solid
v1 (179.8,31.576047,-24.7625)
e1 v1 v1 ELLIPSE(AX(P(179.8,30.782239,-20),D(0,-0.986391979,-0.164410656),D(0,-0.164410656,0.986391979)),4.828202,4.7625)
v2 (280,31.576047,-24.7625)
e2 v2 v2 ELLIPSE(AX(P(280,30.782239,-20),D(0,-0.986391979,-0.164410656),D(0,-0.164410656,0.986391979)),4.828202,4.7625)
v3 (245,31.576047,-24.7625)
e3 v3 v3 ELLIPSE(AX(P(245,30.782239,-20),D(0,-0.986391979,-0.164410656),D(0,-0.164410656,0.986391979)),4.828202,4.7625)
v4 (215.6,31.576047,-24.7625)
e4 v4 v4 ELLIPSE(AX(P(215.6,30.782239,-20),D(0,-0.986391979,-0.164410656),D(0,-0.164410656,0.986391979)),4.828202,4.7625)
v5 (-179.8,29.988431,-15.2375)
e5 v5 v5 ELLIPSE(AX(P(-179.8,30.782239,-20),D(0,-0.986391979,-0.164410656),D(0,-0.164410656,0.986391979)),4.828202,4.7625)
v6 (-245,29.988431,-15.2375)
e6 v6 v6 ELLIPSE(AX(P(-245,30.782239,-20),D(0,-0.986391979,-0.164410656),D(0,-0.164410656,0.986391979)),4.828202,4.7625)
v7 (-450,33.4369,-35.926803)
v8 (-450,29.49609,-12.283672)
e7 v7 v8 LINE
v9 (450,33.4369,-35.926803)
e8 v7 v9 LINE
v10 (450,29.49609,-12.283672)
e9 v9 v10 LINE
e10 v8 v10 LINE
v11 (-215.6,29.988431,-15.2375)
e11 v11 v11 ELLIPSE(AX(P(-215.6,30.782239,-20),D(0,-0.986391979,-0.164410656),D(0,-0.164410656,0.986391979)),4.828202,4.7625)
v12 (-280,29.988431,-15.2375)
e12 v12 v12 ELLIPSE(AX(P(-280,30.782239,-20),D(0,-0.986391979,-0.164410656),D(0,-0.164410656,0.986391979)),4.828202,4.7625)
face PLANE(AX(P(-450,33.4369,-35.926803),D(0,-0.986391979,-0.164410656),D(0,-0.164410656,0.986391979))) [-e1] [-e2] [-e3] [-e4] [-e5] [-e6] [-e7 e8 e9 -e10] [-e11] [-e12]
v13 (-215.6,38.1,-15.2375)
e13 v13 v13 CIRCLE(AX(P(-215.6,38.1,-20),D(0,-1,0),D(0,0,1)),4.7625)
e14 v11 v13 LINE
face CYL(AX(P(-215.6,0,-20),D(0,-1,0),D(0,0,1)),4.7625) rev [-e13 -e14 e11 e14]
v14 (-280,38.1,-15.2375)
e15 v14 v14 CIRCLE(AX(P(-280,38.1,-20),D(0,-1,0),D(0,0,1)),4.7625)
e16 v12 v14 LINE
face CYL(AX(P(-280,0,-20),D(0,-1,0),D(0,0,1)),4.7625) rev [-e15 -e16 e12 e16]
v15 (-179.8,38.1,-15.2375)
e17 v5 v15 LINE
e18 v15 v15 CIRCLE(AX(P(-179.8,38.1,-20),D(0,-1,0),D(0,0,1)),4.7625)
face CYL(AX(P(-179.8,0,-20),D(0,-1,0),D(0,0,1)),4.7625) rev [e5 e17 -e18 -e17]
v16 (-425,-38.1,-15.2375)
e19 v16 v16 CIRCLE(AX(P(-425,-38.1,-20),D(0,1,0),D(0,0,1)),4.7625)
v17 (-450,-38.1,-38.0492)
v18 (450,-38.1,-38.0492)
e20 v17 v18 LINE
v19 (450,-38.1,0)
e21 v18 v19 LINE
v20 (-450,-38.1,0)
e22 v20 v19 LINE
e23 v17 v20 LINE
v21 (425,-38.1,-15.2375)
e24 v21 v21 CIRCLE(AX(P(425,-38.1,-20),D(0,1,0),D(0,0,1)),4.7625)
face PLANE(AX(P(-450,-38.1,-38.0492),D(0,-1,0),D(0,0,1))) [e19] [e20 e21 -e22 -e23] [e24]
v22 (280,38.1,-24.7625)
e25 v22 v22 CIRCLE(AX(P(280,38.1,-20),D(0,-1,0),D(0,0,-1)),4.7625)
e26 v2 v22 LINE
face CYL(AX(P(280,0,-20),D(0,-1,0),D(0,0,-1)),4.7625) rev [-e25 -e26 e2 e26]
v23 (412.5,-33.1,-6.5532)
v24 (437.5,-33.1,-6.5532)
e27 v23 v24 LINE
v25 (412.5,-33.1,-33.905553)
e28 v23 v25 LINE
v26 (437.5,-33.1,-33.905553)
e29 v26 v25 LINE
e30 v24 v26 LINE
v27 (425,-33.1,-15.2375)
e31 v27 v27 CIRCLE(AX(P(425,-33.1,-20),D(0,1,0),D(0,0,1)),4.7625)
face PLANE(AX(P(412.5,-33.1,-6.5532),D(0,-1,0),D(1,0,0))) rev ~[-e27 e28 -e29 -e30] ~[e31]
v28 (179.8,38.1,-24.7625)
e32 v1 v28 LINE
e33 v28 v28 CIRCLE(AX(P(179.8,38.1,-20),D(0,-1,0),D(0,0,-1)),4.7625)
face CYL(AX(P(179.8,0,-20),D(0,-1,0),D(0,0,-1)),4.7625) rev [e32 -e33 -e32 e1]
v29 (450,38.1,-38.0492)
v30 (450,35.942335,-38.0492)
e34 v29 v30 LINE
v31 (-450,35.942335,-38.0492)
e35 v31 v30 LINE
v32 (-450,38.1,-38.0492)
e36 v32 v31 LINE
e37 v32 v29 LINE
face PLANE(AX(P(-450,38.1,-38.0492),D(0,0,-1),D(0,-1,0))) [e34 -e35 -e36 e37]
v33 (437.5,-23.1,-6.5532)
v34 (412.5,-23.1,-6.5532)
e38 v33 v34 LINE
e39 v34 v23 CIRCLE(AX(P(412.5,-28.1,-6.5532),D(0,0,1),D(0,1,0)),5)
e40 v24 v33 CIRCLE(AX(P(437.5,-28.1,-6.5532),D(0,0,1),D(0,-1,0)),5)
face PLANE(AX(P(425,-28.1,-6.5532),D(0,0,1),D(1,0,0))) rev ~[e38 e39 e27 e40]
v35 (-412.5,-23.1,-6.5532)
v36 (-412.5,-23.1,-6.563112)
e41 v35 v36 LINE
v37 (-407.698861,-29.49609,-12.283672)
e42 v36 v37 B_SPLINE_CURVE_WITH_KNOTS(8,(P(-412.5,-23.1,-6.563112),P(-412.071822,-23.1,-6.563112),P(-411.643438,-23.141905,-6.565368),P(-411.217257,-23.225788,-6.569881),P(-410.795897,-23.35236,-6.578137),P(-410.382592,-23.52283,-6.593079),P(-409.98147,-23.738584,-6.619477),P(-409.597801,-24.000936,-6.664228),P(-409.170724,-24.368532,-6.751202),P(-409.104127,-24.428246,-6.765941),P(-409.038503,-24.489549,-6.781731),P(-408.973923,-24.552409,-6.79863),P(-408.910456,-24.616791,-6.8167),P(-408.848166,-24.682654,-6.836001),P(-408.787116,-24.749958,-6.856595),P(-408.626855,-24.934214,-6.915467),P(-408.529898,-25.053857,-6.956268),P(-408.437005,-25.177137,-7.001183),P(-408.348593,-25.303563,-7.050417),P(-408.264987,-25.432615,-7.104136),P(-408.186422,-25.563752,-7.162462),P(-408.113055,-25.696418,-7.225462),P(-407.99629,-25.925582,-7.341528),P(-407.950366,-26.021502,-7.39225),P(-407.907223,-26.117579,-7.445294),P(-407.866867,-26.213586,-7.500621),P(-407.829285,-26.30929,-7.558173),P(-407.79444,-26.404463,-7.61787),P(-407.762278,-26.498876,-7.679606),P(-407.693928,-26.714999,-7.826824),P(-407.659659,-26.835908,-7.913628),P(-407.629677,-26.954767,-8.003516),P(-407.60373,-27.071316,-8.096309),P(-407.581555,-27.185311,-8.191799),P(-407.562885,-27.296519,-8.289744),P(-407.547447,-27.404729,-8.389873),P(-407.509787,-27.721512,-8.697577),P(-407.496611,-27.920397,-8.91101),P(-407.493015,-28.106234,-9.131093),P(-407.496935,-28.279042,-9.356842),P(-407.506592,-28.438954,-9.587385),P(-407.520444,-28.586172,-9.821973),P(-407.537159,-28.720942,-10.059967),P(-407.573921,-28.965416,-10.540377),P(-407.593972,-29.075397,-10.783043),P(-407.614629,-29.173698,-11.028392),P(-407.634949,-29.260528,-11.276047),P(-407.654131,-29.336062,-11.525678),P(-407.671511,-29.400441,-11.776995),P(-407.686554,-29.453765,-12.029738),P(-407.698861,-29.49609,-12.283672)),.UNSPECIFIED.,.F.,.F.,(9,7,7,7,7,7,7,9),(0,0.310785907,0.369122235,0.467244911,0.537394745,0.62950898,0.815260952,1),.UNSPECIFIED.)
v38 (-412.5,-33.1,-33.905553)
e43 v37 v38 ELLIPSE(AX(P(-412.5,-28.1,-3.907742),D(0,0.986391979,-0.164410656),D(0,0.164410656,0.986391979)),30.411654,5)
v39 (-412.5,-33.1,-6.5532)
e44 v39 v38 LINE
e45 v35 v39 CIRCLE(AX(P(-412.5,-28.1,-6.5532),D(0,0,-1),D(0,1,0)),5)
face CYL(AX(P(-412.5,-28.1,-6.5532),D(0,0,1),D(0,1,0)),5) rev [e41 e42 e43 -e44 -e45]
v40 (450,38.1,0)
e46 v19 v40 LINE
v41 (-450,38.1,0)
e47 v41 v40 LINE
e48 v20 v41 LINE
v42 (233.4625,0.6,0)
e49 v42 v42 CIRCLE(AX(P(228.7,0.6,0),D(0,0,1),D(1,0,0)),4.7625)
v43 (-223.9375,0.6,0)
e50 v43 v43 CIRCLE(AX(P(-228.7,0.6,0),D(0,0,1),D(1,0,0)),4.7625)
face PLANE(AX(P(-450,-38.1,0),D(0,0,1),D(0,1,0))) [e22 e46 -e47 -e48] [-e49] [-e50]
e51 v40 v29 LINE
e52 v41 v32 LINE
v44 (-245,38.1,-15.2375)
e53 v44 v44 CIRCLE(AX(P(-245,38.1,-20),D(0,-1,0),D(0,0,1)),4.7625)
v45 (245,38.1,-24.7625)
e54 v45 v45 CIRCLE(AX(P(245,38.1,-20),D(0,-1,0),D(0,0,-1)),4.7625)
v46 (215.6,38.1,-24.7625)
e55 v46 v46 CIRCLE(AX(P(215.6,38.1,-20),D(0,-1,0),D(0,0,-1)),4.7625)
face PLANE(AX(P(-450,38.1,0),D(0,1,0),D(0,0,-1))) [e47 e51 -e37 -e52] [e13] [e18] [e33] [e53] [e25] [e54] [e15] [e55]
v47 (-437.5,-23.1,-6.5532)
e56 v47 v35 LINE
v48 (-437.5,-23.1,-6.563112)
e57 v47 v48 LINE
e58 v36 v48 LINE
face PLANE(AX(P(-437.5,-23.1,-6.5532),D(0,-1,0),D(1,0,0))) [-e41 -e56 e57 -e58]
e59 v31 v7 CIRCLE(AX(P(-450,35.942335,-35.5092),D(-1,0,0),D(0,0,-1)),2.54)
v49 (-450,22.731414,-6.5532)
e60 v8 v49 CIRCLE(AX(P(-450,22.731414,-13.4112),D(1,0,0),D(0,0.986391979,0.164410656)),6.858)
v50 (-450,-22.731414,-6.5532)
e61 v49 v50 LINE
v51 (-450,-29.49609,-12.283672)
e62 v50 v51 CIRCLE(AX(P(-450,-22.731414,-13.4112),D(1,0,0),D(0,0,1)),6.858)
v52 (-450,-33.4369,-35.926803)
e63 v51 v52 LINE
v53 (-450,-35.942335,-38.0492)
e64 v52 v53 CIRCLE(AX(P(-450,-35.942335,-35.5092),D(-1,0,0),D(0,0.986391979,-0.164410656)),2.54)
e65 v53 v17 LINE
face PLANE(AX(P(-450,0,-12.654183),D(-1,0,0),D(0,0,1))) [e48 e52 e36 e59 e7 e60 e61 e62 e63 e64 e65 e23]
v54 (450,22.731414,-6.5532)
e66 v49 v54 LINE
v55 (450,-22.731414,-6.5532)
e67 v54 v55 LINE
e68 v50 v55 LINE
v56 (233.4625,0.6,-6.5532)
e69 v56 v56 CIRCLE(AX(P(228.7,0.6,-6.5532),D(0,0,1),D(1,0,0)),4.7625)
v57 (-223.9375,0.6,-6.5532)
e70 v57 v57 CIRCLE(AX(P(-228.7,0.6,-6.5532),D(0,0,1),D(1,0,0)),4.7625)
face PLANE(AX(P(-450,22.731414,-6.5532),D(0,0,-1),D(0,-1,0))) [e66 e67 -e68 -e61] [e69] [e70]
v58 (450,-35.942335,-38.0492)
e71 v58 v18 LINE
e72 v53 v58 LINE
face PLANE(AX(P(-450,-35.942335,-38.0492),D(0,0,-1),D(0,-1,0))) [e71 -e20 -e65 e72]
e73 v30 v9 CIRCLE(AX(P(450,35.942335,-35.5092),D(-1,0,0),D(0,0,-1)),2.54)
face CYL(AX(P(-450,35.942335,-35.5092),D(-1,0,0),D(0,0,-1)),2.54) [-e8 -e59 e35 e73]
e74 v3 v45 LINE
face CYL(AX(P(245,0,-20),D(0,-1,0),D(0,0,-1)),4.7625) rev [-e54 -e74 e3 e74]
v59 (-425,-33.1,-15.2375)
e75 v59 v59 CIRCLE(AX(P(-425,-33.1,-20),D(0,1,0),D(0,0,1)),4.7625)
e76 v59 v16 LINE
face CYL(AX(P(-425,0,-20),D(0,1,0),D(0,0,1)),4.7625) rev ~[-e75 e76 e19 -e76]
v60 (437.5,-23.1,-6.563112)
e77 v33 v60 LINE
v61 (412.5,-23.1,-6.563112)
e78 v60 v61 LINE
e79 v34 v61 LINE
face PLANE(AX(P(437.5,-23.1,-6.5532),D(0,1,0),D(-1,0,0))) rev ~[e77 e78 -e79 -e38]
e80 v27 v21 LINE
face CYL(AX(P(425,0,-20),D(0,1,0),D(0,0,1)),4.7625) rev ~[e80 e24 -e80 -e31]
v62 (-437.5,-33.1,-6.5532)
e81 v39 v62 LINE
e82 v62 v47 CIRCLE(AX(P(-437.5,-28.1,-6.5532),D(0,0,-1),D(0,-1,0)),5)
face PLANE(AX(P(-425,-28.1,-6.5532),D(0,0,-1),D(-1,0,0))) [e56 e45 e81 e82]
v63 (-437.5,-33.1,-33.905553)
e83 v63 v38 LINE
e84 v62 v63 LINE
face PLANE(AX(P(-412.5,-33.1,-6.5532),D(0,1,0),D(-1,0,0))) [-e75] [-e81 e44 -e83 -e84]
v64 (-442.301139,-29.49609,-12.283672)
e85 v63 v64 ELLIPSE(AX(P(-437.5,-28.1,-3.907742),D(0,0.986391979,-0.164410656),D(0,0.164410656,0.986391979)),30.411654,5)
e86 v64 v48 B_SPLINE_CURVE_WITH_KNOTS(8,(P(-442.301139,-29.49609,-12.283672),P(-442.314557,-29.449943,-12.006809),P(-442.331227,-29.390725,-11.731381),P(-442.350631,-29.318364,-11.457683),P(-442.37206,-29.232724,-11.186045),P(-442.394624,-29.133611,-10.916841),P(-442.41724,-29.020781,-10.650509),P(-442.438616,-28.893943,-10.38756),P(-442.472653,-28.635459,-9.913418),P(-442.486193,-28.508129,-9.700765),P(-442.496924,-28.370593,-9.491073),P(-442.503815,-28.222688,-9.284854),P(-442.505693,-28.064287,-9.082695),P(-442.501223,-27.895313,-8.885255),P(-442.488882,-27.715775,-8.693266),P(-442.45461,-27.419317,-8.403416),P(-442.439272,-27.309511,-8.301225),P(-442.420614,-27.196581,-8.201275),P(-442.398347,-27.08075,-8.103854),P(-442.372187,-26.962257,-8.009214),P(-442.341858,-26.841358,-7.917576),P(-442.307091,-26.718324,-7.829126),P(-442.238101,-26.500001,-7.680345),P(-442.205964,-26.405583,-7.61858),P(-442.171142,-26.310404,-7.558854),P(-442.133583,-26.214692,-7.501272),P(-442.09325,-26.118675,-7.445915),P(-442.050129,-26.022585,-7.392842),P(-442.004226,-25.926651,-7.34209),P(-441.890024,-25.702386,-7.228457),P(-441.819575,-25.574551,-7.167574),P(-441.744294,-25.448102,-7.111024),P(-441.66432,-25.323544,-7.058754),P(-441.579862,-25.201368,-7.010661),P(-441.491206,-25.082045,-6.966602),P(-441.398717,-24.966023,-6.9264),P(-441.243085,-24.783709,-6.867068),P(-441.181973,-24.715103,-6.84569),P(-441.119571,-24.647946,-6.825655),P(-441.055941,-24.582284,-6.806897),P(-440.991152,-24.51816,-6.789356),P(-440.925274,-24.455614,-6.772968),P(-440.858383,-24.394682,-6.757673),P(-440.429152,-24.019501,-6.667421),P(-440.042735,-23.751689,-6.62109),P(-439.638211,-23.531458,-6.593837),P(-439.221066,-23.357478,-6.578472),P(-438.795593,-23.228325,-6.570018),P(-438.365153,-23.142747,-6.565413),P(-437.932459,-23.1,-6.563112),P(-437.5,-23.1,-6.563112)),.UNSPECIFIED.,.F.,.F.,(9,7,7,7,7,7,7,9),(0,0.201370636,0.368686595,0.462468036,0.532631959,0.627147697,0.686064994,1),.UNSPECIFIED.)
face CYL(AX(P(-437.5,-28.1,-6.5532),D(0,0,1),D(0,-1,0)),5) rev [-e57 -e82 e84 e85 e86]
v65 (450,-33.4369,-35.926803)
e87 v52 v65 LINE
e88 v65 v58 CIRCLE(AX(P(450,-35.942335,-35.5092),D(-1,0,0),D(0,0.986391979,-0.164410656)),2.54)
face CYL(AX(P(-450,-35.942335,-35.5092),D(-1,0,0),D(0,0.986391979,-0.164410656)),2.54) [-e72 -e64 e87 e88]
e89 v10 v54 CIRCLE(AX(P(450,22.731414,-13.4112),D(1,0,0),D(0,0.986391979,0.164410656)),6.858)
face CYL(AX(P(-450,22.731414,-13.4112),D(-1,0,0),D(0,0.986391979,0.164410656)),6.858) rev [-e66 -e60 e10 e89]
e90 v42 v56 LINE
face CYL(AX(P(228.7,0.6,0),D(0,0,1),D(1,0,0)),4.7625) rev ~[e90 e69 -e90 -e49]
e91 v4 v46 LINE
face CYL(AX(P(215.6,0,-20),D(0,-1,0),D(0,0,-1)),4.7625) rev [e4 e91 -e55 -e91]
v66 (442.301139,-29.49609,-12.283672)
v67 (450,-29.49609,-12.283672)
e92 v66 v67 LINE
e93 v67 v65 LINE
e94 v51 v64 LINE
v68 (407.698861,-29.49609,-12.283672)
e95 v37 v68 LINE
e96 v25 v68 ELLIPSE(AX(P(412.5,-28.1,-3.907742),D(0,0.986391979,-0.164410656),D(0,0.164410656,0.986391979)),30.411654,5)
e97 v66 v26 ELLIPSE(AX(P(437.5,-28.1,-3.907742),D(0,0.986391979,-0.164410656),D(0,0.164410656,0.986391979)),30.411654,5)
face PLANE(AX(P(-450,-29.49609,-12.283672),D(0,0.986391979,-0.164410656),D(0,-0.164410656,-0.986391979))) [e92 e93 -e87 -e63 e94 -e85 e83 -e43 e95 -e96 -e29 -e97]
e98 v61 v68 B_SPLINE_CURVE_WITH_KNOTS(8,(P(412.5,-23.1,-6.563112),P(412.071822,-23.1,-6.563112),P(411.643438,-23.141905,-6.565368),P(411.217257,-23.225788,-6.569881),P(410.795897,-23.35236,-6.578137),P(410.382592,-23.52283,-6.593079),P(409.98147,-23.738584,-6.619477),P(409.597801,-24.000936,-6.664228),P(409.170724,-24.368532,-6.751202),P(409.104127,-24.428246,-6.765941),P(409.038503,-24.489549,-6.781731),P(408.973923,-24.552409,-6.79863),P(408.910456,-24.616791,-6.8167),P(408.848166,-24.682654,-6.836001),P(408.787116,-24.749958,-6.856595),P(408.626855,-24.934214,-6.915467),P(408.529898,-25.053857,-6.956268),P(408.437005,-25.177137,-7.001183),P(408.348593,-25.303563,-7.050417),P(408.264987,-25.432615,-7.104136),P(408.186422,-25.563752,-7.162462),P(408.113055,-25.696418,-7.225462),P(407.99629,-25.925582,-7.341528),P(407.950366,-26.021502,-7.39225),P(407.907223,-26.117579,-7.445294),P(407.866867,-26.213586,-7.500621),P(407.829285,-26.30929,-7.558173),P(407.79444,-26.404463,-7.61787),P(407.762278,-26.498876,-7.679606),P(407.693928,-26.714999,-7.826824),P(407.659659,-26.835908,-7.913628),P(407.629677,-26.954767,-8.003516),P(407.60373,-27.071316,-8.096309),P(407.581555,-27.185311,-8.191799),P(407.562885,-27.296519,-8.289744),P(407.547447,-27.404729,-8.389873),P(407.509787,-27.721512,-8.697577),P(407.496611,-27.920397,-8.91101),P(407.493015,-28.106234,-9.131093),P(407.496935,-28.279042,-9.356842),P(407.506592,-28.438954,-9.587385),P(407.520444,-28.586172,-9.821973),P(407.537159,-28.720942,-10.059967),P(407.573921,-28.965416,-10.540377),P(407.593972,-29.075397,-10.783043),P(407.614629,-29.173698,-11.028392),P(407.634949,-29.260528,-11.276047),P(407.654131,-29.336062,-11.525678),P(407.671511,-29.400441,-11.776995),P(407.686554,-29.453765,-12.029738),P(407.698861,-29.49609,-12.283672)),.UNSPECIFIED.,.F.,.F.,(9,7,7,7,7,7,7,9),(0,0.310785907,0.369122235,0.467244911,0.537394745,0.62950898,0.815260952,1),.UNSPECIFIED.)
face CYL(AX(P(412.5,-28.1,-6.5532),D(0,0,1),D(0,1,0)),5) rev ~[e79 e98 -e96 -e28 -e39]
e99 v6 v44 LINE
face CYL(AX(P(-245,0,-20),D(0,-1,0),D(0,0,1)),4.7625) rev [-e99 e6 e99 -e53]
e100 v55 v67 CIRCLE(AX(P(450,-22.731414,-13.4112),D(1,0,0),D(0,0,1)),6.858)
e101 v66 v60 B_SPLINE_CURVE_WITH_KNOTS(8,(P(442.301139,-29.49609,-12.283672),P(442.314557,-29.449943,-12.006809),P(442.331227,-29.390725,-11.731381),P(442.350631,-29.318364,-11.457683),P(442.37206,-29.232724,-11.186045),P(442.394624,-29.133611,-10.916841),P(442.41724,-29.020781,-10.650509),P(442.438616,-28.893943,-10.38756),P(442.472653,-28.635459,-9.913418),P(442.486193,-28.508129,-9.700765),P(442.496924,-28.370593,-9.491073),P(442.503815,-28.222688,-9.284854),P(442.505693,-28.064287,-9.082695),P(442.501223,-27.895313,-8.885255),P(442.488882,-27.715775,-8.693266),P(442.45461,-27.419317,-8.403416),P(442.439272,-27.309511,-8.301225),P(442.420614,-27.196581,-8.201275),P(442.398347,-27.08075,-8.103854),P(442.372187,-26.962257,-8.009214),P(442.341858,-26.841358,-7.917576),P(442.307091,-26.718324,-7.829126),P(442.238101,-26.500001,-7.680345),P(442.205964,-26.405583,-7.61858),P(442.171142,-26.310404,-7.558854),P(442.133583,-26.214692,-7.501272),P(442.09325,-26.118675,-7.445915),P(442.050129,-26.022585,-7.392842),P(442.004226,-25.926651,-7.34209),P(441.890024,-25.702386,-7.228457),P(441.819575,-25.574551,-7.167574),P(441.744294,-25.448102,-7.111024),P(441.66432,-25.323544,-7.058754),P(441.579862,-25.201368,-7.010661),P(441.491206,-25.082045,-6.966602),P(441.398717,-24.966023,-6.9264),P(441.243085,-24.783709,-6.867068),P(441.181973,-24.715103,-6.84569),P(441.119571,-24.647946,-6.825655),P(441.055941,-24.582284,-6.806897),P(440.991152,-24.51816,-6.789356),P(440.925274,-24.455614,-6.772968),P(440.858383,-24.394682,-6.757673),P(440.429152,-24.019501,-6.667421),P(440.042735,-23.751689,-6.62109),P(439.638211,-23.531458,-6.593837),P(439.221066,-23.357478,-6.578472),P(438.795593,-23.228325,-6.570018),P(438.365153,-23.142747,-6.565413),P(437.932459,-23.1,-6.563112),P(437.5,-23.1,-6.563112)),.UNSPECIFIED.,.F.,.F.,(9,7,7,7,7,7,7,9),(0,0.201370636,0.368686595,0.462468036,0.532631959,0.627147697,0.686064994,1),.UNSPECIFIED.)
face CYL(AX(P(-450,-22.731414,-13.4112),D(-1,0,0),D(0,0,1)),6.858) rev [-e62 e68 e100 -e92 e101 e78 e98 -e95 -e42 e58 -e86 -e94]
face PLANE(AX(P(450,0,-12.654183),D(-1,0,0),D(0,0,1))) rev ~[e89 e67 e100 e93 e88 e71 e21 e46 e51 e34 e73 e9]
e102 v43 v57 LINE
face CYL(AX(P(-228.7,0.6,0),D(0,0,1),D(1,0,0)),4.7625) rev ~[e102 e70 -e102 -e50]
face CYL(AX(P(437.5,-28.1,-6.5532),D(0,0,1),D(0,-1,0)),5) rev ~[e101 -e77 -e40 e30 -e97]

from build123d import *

# Parameters (mm, degrees)
STRUCTURAL_MEMBER1_DEPTH = 900
SKETCH12_R               = 4.7625
CUT_EXTRUDE1_DEPTH       = 454.210052427
CUT_EXTRUDE2_DEPTH       = 40
SKETCH16_R               = 4.7625
CUT_EXTRUDE3_DEPTH       = 454.210052526
SKETCH17_R               = 4.7625
CUT_EXTRUDE4_DEPTH       = 454.210052526


with BuildPart() as part:
    # Sketch11 → Structural Member1 (new body)
    with BuildSketch(Plane(origin=(-450, 0, 0), x_dir=(0, 0, -1), z_dir=(1, 0, 0))):
        with BuildLine():
            Line((0, -38.1), (0, 38.1))
            Line((0, 38.1), (38.0492, 38.1))
            Line((38.0492, 38.1), (38.0492, 35.942335136))
            ThreePointArc((38.0492, 35.942335136), (37.447280466, 34.300554363), (35.926803066, 33.436899509))
            Line((35.926803066, 33.436899509), (12.283671721, 29.496090157))
            ThreePointArc((12.283671721, 29.496090157), (8.178382741, 27.164222052), (6.5532, 22.731413966))
            Line((6.5532, 22.731413966), (6.5532, -22.731413966))
            ThreePointArc((6.5532, -22.731413966), (8.178382741, -27.164222052), (12.283671721, -29.496090157))
            Line((12.283671721, -29.496090157), (35.926803066, -33.436899509))
            ThreePointArc((35.926803066, -33.436899509), (37.447280466, -34.300554363), (38.0492, -35.942335136))
            Line((38.0492, -35.942335136), (38.0492, -38.1))
            Line((38.0492, -38.1), (0, -38.1))
        make_face()
    extrude(amount=STRUCTURAL_MEMBER1_DEPTH)

    # Sketch12 → Cut-Extrude1 (cut, through all)
    with BuildSketch(Plane(origin=(0, 0, 0), x_dir=(1, 0, 0), z_dir=(0, 1, 0))):
        with Locations(Location((-425, 20, 0), (0, 0, 270))):
            Circle(SKETCH12_R)
        with Locations(Location((425, 20, 0), (0, 0, 270))):
            Circle(SKETCH12_R)
    extrude(amount=-CUT_EXTRUDE1_DEPTH, mode=Mode.SUBTRACT)

    # Sketch15 → Cut-Extrude2 (cut)
    with BuildSketch(Plane(origin=(0, 0, -6.5532), x_dir=(-1, 0, 0), z_dir=(0, 0, -1))):
        with BuildLine():
            Line((-412.5, -33.1), (-437.5, -33.1))
            ThreePointArc((-437.5, -33.1), (-442.5, -28.1), (-437.5, -23.1))
            Line((-437.5, -23.1), (-412.5, -23.1))
            ThreePointArc((-412.5, -23.1), (-407.5, -28.1), (-412.5, -33.1))
        make_face()
        with BuildLine():
            Line((412.5, -33.1), (437.5, -33.1))
            ThreePointArc((437.5, -33.1), (442.5, -28.1), (437.5, -23.1))
            Line((437.5, -23.1), (412.5, -23.1))
            ThreePointArc((412.5, -23.1), (407.5, -28.1), (412.5, -33.1))
        make_face()
    extrude(amount=CUT_EXTRUDE2_DEPTH, mode=Mode.SUBTRACT)

    # Sketch16 → Cut-Extrude3 (cut, through all)
    with BuildSketch(Plane(origin=(0, 0, 0), x_dir=(1, 0, 0), z_dir=(0, 1, 0))):
        with Locations(Location((-215.6, 20, 0), (0, 0, 270))):
            Circle(SKETCH16_R)
        with Locations(Location((-179.8, 20, 0), (0, 0, 270))):
            Circle(SKETCH16_R)
        with Locations(Location((179.8, 20, 0), (0, 0, 90))):
            Circle(SKETCH16_R)
        with Locations(Location((215.6, 20, 0), (0, 0, 90))):
            Circle(SKETCH16_R)
        with Locations(Location((-245, 20, 0), (0, 0, 270))):
            Circle(SKETCH16_R)
        with Locations(Location((-280, 20, 0), (0, 0, 270))):
            Circle(SKETCH16_R)
        with Locations(Location((245, 20, 0), (0, 0, 90))):
            Circle(SKETCH16_R)
        with Locations(Location((280, 20, 0), (0, 0, 90))):
            Circle(SKETCH16_R)
    extrude(amount=CUT_EXTRUDE3_DEPTH, mode=Mode.SUBTRACT)

    # Sketch17 → Cut-Extrude4 (cut, through all)
    with BuildSketch(Plane.XY):
        with Locations((228.7, 0.6)):
            Circle(SKETCH17_R)
        with Locations((-228.7, 0.6)):
            Circle(SKETCH17_R)
    extrude(amount=-CUT_EXTRUDE4_DEPTH, mode=Mode.SUBTRACT)


solid = part.part
